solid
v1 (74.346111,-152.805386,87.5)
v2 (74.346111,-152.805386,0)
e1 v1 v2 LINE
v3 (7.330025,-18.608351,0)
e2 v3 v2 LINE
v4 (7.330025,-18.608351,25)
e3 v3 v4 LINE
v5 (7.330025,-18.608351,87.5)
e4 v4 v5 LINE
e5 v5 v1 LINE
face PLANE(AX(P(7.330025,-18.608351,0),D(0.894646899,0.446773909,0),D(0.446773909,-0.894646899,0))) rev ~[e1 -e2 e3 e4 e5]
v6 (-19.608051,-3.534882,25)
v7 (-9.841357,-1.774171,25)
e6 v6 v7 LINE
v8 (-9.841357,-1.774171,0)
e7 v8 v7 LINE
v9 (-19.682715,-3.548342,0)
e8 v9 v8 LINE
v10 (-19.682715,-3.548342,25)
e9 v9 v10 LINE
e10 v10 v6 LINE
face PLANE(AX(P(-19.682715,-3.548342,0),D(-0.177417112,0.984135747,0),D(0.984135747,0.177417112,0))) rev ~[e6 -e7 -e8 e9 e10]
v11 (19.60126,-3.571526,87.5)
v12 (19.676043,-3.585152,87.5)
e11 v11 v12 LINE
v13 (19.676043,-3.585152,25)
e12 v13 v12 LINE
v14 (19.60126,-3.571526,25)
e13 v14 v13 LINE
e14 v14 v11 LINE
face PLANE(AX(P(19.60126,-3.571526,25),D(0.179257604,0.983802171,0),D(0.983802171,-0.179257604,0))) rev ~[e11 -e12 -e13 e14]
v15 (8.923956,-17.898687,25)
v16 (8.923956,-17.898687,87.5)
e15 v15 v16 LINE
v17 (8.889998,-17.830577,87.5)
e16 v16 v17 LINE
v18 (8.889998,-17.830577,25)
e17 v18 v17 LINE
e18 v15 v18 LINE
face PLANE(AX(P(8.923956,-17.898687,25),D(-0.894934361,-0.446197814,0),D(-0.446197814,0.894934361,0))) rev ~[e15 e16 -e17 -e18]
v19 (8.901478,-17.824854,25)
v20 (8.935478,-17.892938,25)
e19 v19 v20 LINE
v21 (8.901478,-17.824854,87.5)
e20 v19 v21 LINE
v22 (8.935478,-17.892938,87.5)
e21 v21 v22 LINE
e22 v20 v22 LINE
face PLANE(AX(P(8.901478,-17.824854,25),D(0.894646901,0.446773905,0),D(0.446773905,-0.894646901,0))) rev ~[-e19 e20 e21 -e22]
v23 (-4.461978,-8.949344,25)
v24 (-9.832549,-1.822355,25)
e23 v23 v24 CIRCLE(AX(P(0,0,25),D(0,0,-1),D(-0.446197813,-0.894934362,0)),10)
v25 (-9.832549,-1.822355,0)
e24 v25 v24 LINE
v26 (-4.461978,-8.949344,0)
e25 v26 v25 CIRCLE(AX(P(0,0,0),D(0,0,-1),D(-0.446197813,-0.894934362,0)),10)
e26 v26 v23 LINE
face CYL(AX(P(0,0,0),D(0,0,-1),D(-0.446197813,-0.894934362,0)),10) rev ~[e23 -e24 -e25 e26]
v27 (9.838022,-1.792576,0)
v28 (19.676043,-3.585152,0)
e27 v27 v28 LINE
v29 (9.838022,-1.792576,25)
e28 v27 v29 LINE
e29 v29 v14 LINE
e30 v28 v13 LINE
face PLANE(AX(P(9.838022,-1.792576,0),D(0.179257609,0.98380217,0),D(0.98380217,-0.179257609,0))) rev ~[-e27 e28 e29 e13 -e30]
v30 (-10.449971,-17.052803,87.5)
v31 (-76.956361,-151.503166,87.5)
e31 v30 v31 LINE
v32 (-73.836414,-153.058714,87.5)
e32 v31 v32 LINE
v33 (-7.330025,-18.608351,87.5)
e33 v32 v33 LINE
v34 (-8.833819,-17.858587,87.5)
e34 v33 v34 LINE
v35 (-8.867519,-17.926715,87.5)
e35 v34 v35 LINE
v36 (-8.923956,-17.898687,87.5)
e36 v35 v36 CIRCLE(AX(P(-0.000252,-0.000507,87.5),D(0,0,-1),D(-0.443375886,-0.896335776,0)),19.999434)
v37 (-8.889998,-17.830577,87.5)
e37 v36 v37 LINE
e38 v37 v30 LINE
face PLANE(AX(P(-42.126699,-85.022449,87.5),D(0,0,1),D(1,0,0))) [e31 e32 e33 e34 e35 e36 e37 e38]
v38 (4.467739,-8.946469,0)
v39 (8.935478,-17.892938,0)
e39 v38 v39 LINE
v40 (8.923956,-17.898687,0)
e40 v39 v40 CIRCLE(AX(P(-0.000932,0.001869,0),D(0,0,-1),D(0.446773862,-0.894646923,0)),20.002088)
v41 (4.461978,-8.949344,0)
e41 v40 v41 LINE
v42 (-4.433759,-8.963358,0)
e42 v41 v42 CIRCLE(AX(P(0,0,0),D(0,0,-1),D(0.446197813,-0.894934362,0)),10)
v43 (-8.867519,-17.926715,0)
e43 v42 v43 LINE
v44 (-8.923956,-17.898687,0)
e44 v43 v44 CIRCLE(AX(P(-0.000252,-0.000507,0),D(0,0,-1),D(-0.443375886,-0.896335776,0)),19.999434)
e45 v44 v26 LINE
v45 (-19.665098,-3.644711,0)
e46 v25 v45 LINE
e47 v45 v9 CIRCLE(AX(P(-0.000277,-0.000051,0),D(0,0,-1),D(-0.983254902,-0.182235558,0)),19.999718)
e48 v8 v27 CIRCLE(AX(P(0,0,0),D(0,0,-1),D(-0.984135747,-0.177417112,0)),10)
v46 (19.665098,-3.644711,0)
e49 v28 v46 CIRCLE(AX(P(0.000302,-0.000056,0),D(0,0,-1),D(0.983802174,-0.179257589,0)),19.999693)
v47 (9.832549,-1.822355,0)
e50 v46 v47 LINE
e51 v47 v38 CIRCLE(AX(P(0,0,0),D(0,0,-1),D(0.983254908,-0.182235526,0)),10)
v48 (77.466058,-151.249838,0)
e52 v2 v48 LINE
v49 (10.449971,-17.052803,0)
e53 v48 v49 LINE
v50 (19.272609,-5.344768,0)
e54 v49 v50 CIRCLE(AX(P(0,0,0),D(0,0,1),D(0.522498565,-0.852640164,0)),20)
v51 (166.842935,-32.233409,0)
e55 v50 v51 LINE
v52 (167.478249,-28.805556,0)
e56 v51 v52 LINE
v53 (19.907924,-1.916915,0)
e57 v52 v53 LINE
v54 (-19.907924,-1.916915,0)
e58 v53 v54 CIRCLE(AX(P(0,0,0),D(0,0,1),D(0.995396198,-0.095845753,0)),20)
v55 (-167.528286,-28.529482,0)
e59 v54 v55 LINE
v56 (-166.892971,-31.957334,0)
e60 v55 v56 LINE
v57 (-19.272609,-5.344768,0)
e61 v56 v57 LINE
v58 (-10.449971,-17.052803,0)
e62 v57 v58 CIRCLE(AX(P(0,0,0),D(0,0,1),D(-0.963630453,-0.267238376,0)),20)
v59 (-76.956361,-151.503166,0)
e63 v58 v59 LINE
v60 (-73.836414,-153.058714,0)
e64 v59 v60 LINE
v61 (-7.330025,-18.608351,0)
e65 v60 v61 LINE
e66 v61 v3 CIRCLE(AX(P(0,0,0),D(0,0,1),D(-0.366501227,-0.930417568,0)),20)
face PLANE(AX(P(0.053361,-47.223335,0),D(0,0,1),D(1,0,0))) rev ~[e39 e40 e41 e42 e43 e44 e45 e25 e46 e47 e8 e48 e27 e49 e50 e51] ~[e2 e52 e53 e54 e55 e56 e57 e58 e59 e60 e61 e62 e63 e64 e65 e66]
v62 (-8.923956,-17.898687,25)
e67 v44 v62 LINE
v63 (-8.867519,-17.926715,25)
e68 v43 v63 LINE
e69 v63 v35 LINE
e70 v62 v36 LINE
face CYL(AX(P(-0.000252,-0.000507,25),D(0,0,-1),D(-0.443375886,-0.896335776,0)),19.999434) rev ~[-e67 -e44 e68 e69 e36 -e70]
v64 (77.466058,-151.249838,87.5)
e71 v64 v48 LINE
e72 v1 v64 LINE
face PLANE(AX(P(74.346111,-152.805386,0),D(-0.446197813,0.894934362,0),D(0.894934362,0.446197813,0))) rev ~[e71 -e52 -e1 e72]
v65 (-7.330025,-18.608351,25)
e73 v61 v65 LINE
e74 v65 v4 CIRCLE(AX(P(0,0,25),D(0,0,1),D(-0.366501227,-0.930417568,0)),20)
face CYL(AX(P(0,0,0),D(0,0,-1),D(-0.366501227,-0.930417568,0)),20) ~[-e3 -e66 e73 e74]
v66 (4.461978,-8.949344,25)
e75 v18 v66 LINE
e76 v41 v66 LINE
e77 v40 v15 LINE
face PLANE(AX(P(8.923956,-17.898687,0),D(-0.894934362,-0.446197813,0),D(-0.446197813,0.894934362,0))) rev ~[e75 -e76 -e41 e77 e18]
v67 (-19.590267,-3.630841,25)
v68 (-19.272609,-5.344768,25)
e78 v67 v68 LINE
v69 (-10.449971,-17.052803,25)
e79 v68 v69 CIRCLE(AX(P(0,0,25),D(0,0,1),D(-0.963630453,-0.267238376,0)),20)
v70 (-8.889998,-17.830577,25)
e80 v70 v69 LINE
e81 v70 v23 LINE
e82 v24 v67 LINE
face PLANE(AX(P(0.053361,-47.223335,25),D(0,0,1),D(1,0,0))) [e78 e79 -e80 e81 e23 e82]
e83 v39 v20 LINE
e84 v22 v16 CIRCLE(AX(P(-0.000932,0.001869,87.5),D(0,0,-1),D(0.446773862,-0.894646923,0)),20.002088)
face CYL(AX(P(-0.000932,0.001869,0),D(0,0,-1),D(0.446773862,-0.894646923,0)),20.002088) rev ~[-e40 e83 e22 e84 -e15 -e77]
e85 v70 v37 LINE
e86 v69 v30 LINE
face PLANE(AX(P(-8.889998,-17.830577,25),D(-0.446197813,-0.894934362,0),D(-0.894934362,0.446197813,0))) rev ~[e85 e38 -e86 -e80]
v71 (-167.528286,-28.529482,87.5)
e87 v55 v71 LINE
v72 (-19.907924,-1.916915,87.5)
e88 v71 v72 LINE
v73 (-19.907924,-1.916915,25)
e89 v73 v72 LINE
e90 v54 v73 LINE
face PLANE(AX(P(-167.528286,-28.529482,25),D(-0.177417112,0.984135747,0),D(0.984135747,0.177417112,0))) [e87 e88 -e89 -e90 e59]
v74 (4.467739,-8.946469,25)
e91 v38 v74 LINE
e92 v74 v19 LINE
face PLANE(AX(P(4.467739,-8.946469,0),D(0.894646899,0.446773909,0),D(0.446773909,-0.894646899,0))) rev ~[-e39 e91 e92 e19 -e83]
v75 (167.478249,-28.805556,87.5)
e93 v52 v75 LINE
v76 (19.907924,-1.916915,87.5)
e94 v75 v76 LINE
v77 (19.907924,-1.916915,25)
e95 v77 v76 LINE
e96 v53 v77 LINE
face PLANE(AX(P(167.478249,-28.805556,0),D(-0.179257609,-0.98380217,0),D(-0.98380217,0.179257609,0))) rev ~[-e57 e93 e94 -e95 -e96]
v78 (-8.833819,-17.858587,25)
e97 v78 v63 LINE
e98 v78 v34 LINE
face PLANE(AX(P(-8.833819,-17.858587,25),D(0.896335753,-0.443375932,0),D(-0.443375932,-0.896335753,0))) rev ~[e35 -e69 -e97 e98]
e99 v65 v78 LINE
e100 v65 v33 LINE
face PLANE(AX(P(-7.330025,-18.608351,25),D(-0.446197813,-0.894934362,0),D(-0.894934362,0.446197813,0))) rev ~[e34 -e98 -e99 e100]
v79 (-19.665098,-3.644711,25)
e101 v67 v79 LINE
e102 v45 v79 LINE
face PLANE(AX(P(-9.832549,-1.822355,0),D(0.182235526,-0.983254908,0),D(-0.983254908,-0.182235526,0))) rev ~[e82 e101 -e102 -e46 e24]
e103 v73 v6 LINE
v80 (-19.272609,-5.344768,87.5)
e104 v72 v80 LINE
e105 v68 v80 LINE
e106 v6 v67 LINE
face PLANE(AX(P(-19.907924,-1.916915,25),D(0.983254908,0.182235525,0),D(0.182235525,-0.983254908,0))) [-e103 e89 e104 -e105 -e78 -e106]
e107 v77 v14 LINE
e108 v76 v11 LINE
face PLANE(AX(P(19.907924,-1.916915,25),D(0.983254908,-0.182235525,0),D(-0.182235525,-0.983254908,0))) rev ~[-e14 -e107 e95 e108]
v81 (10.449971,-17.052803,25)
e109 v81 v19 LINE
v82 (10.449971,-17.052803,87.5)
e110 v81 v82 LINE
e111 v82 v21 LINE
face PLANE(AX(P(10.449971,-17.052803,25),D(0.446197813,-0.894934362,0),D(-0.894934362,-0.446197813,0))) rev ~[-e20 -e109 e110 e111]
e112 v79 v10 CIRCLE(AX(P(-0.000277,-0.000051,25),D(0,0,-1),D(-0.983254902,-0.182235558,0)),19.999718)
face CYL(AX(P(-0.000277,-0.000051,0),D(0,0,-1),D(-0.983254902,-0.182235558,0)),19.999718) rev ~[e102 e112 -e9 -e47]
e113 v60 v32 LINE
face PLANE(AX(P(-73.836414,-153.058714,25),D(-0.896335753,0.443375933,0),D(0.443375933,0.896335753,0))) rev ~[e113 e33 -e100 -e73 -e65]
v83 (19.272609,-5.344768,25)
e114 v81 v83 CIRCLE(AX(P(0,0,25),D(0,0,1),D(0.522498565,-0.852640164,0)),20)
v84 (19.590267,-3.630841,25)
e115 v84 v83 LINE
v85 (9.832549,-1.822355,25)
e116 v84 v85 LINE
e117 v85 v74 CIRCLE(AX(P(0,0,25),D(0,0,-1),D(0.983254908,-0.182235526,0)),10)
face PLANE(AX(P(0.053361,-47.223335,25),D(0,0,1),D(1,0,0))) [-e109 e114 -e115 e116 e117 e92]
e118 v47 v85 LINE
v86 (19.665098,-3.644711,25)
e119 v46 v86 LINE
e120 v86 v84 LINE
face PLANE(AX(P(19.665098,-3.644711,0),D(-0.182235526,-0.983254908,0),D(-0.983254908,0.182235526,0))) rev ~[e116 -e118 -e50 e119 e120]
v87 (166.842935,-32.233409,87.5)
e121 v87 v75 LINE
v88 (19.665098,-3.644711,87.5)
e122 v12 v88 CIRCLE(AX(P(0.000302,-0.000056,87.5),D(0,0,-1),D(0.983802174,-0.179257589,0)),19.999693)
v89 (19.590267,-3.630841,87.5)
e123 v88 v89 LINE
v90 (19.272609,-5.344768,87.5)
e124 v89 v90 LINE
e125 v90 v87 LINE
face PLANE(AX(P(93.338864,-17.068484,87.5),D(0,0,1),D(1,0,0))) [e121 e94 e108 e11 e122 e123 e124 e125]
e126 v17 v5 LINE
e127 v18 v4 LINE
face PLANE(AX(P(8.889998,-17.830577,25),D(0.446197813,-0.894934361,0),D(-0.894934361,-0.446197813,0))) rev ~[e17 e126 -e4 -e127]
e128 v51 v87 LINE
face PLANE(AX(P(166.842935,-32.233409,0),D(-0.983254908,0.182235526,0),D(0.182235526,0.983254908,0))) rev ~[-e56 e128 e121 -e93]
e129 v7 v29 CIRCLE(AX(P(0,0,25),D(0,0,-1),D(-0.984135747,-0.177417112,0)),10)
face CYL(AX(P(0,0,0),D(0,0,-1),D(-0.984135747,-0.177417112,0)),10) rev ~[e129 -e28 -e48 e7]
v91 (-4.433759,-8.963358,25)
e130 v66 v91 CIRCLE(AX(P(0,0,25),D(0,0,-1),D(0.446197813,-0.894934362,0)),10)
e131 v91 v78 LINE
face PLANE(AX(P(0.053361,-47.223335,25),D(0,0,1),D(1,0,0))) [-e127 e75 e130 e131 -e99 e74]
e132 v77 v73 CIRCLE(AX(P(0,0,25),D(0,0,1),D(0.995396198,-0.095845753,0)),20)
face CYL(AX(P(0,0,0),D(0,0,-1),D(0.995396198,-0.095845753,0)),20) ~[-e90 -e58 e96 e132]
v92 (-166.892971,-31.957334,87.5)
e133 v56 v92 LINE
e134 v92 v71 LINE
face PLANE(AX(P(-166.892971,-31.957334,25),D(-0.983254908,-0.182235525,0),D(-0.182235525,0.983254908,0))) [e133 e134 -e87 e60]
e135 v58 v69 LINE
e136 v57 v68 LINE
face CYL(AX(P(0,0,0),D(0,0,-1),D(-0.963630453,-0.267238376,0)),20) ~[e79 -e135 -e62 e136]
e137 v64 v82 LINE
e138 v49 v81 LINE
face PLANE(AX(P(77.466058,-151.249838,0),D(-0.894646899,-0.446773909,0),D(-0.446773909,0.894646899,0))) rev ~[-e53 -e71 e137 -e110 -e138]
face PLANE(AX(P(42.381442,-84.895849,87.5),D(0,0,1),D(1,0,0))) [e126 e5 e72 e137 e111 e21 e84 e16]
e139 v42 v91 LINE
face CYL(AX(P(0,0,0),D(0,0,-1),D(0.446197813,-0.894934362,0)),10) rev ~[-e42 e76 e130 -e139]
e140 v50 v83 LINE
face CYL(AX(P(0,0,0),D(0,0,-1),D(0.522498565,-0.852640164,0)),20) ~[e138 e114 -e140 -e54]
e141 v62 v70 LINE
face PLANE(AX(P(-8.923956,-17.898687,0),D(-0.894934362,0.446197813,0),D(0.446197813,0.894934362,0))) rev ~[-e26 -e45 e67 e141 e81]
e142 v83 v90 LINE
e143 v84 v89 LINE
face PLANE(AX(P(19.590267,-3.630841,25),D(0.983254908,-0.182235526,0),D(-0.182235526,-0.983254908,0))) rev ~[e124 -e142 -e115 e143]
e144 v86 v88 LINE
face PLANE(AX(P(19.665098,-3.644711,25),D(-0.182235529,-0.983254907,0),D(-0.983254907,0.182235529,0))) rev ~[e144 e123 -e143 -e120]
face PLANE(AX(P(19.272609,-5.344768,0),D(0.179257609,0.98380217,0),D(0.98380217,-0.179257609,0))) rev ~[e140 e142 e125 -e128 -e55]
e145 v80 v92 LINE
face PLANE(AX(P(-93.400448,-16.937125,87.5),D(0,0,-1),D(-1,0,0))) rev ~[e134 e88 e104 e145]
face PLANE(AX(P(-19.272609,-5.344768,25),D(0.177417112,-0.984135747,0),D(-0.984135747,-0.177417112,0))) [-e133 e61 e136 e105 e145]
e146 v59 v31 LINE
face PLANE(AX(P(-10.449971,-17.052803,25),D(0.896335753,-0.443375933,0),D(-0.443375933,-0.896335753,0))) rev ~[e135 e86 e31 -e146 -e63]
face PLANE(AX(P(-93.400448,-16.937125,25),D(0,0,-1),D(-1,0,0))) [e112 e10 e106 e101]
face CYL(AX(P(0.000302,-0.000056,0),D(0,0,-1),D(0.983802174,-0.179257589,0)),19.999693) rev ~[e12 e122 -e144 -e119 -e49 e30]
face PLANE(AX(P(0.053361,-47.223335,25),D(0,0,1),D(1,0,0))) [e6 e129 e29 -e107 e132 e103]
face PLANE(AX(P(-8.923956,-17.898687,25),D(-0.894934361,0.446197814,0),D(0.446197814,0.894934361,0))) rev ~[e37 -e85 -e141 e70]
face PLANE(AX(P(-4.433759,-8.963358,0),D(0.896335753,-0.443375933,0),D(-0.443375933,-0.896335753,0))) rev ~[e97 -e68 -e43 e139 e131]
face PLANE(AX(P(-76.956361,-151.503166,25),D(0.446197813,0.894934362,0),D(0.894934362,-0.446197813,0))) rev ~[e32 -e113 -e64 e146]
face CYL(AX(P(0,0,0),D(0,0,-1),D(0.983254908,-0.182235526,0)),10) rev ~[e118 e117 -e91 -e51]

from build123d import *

# Parameters (mm, degrees)
BOSS_EXTRUDE2_DEPTH = 25
BOSS_EXTRUDE3_DEPTH = 62.5
BOSS_EXTRUDE5_DEPTH = 62.5


with BuildPart() as part:
    # Sketch1 → Boss-Extrude2 (new body)
    with BuildSketch(Plane.XY):
        with BuildLine():
            ThreePointArc((10.449971294, -17.052803287), (15.972710201, -12.036300463), (19.272609064, -5.344767522))
            Line((19.272609064, -5.344767522), (166.842934549, -32.233408918))
            Line((166.842934549, -32.233408918), (167.478249453, -28.805556447))
            Line((167.478249453, -28.805556447), (19.907923967, -1.91691505))
            ThreePointArc((19.907923967, -1.91691505), (0, 20), (-19.907923967, -1.91691505))
            Line((-19.907923967, -1.91691505), (-167.528286005, -28.529481853))
            Line((-167.528286005, -28.529481853), (-166.892971102, -31.957334324))
            Line((-166.892971102, -31.957334324), (-19.272609064, -5.344767522))
            ThreePointArc((-19.272609064, -5.344767522), (-15.972710201, -12.036300463), (-10.449971294, -17.052803287))
            Line((-10.449971294, -17.052803287), (-76.956361195, -151.503166255))
            Line((-76.956361195, -151.503166255), (-73.836414436, -153.058714328))
            Line((-73.836414436, -153.058714328), (-7.330024534, -18.60835136))
            ThreePointArc((-7.330024534, -18.60835136), (0, -20), (7.330024534, -18.60835136))
            Line((7.330024534, -18.60835136), (74.346110853, -152.805386254))
            Line((74.346110853, -152.805386254), (77.466057613, -151.249838182))
            Line((77.466057613, -151.249838182), (10.449971294, -17.052803287))
        make_face()
        with BuildLine():
            Line((9.838021699, -1.792576093), (19.676043398, -3.585152186))
            ThreePointArc((19.676043398, -3.585152186), (19.670593316, -3.614935491), (19.665098151, -3.64471051))
            Line((19.665098151, -3.64471051), (9.832549076, -1.822355255))
            ThreePointArc((9.832549076, -1.822355255), (7.988292028, -6.015578981), (4.467739088, -8.946468993))
            Line((4.467739088, -8.946468993), (8.935478176, -17.892937986))
            ThreePointArc((8.935478176, -17.892937986), (8.929717682, -17.895813536), (8.923956262, -17.898687232))
            Line((8.923956262, -17.898687232), (4.461978131, -8.949343616))
            ThreePointArc((4.461978131, -8.949343616), (0.015753498, -9.999987591), (-4.433759327, -8.963357531))
            Line((-4.433759327, -8.963357531), (-8.867518653, -17.926715062))
            ThreePointArc((-8.867518653, -17.926715062), (-8.895748496, -17.912723375), (-8.923956262, -17.898687232))
            Line((-8.923956262, -17.898687232), (-4.461978131, -8.949343616))
            ThreePointArc((-4.461978131, -8.949343616), (-7.9863551, -6.018150232), (-9.832549076, -1.822355255))
            Line((-9.832549076, -1.822355255), (-19.665098151, -3.64471051))
            ThreePointArc((-19.665098151, -3.64471051), (-19.67396555, -3.596537162), (-19.682714938, -3.54834224))
            Line((-19.682714938, -3.54834224), (-9.841357469, -1.77417112))
            ThreePointArc((-9.841357469, -1.77417112), (0.009352411, 9.999995627), (9.838021699, -1.792576093))
        make_face(mode=Mode.SUBTRACT)
    extrude(amount=BOSS_EXTRUDE2_DEPTH)

    # Sketch2 → Boss-Extrude3 (add)
    with BuildSketch(Plane.XY.offset(25)):
        Polygon((-167.528286005, -28.529481853), (-19.907923967, -1.91691505), (-19.272609064, -5.344767522), (-166.892971102, -31.957334324), align=None)
    extrude(amount=BOSS_EXTRUDE3_DEPTH)

    # Sketch3 → Boss-Extrude5 (add)
    with BuildSketch(Plane.XY.offset(25)):
        with BuildLine():
            Line((-10.449971294, -17.052803287), (-76.956361195, -151.503166255))
            Line((-76.956361195, -151.503166255), (-73.836414436, -153.058714328))
            Line((-73.836414436, -153.058714328), (-7.330024534, -18.60835136))
            Line((-7.330024534, -18.60835136), (-8.833818914, -17.85858714))
            Line((-8.833818914, -17.85858714), (-8.867518653, -17.926715062))
            ThreePointArc((-8.867518653, -17.926715062), (-8.895748496, -17.912723375), (-8.923956262, -17.898687232))
            Line((-8.923956262, -17.898687232), (-8.889997914, -17.830577323))
            Line((-8.889997914, -17.830577323), (-10.449971294, -17.052803287))
        make_face()
        with BuildLine():
            Line((8.889997914, -17.830577323), (7.330024534, -18.60835136))
            Line((7.330024534, -18.60835136), (74.346110853, -152.805386254))
            Line((74.346110853, -152.805386254), (77.466057613, -151.249838182))
            Line((77.466057613, -151.249838182), (10.449971294, -17.052803287))
            Line((10.449971294, -17.052803287), (8.901477829, -17.824853649))
            Line((8.901477829, -17.824853649), (8.935478176, -17.892937986))
            ThreePointArc((8.935478176, -17.892937986), (8.929717682, -17.895813536), (8.923956262, -17.898687232))
            Line((8.923956262, -17.898687232), (8.889997914, -17.830577323))
        make_face()
        with BuildLine():
            Line((167.478249453, -28.805556447), (19.907923967, -1.91691505))
            Line((19.907923967, -1.91691505), (19.60125996, -3.571525971))
            Line((19.60125996, -3.571525971), (19.676043398, -3.585152186))
            ThreePointArc((19.676043398, -3.585152186), (19.670593316, -3.614935491), (19.665098151, -3.64471051))
            Line((19.665098151, -3.64471051), (19.590266516, -3.630841286))
            Line((19.590266516, -3.630841286), (19.272609064, -5.344767522))
            Line((19.272609064, -5.344767522), (166.842934549, -32.233408918))
            Line((166.842934549, -32.233408918), (167.478249453, -28.805556447))
        make_face()
    extrude(amount=BOSS_EXTRUDE5_DEPTH)


solid = part.part
